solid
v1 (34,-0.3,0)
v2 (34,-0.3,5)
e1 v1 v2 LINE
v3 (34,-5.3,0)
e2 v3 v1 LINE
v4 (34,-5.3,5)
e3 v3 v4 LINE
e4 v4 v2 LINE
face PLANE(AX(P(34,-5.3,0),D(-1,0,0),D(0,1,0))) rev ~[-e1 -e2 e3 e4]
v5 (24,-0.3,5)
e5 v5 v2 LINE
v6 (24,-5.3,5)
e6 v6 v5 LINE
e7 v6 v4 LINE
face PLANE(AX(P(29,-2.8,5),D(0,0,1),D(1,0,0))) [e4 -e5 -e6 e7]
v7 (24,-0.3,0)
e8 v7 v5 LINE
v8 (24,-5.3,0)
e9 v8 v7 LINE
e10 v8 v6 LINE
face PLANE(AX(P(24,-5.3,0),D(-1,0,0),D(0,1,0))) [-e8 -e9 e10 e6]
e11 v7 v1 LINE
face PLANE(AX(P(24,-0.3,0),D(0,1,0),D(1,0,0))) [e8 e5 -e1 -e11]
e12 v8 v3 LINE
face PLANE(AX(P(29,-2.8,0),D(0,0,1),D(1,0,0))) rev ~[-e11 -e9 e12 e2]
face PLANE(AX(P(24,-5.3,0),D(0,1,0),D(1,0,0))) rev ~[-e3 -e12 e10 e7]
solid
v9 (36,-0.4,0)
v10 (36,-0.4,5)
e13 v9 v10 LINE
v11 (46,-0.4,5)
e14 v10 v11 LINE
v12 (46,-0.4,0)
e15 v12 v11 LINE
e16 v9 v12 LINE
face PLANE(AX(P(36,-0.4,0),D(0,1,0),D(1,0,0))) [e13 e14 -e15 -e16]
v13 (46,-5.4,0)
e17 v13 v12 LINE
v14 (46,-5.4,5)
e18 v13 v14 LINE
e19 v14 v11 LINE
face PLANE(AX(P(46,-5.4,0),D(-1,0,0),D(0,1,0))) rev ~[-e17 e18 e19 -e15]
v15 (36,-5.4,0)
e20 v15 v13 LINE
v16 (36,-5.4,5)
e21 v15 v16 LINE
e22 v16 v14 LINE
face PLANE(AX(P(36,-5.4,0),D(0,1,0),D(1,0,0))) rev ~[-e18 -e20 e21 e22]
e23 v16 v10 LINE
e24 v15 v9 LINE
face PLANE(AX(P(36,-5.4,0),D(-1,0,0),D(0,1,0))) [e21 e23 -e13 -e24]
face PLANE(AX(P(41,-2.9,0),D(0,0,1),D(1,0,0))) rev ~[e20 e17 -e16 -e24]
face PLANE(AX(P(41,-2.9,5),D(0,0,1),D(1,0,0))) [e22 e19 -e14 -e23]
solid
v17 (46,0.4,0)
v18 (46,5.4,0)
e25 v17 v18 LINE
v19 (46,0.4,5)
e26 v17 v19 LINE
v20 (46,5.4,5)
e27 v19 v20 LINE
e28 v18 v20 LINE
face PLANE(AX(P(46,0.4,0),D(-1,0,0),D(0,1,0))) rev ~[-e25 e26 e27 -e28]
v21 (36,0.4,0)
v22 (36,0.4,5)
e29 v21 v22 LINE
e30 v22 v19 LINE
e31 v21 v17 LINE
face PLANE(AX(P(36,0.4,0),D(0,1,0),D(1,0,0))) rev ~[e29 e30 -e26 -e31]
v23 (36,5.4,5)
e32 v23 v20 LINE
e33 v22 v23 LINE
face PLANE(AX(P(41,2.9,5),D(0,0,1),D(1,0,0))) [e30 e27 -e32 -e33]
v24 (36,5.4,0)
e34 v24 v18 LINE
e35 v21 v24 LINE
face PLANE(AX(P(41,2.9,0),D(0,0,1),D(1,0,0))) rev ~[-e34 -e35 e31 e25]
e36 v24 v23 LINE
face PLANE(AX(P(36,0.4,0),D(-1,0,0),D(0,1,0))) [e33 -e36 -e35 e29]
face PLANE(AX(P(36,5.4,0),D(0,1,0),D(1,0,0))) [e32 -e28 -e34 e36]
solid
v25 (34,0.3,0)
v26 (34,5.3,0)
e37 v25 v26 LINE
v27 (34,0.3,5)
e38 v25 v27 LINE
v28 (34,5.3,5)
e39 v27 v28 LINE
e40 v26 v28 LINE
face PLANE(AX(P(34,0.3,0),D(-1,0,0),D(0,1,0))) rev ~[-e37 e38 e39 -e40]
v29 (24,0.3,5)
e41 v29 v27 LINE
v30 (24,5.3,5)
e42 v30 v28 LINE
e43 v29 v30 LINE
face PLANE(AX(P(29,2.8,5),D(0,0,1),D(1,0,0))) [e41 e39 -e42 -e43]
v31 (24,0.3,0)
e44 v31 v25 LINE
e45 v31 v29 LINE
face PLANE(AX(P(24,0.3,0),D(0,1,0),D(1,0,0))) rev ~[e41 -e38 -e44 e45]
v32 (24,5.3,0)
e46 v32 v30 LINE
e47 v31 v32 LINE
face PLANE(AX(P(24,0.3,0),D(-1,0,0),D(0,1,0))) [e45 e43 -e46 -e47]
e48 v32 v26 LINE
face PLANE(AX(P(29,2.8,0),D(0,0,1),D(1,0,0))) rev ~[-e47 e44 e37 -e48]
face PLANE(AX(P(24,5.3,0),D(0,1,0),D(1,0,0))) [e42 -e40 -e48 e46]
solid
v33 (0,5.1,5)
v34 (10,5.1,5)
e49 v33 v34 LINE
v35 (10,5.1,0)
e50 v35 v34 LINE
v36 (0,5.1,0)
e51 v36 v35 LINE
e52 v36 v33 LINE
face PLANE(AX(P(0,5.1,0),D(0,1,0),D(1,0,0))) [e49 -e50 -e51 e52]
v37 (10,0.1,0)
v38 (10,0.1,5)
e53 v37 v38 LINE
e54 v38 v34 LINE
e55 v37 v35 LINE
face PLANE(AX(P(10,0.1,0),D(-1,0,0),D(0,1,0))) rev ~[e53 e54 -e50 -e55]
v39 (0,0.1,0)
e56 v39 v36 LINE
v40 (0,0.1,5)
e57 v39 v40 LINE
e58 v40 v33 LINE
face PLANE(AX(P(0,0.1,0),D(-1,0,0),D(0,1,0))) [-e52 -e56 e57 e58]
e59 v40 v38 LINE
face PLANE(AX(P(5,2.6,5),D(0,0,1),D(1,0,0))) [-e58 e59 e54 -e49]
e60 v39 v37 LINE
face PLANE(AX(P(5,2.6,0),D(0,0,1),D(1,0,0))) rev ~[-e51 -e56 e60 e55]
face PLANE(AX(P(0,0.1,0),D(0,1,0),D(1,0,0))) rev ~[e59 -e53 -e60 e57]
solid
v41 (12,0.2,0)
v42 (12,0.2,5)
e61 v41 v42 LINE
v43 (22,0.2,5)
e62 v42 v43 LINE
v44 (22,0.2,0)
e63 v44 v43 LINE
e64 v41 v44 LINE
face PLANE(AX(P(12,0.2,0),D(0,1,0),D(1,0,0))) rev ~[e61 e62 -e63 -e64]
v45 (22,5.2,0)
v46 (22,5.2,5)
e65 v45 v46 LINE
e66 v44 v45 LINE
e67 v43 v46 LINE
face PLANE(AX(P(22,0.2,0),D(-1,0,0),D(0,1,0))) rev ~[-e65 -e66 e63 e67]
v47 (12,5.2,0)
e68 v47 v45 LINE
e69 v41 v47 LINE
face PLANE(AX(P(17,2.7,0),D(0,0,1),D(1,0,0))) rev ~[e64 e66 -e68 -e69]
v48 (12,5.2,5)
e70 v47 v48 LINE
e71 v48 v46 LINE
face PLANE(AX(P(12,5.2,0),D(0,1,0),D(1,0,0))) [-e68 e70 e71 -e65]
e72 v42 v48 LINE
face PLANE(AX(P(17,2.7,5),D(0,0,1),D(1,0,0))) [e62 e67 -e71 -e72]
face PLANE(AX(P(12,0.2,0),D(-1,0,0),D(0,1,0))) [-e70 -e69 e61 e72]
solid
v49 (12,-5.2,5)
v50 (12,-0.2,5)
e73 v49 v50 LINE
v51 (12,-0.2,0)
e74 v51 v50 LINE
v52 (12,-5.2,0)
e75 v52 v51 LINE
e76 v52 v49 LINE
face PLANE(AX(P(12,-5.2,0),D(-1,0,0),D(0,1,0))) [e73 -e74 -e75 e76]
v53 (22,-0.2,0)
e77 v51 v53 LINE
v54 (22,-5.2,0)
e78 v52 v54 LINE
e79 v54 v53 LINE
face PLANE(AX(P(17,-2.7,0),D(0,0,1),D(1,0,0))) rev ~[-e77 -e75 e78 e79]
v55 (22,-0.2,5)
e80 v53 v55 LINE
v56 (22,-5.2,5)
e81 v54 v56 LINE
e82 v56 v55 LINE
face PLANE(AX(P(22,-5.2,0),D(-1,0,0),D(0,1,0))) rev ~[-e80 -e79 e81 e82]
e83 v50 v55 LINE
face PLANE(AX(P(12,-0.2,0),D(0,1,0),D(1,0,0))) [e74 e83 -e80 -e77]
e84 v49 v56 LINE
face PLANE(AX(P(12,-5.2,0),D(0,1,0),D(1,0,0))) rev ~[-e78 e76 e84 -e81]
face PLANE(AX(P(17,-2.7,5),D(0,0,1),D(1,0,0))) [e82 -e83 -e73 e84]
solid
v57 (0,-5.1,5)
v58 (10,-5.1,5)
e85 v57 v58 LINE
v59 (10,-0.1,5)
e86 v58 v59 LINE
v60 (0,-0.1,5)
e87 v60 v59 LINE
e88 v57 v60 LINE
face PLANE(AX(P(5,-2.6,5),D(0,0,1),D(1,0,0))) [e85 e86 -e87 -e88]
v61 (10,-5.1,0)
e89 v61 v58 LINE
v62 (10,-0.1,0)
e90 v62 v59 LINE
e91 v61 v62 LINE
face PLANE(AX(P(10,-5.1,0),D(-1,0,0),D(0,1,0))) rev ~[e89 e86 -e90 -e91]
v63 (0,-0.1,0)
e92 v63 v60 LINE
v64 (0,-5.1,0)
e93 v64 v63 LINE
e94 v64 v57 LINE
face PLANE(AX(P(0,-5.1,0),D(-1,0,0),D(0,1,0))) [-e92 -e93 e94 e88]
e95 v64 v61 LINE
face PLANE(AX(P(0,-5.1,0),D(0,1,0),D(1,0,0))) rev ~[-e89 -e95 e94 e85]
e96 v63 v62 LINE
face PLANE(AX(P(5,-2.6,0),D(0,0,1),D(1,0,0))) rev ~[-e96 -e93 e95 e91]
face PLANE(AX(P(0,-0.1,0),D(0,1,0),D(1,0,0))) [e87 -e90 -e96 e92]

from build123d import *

# Parameters (mm, degrees)
F0_W     = 10
F0_H     = 5
F1_DEPTH = 5


with BuildPart() as f1:
    # F0 (on Top) → F1 (new body)
    with BuildSketch(Plane.XY):
        with Locations((5, -2.6)):
            Rectangle(F0_W, F0_H)
        with Locations((17, -2.7)):
            Rectangle(F0_W, F0_H)
        with Locations((29, -2.8)):
            Rectangle(F0_W, F0_H)
        with Locations((41, -2.9)):
            Rectangle(F0_W, F0_H)
        with Locations((17, 2.7)):
            Rectangle(F0_W, F0_H)
        with Locations((29, 2.8)):
            Rectangle(F0_W, F0_H)
        with Locations((41, 2.9)):
            Rectangle(F0_W, F0_H)
        with Locations((5, 2.6)):
            Rectangle(F0_W, F0_H)
    extrude(amount=F1_DEPTH)


solid = f1.part
